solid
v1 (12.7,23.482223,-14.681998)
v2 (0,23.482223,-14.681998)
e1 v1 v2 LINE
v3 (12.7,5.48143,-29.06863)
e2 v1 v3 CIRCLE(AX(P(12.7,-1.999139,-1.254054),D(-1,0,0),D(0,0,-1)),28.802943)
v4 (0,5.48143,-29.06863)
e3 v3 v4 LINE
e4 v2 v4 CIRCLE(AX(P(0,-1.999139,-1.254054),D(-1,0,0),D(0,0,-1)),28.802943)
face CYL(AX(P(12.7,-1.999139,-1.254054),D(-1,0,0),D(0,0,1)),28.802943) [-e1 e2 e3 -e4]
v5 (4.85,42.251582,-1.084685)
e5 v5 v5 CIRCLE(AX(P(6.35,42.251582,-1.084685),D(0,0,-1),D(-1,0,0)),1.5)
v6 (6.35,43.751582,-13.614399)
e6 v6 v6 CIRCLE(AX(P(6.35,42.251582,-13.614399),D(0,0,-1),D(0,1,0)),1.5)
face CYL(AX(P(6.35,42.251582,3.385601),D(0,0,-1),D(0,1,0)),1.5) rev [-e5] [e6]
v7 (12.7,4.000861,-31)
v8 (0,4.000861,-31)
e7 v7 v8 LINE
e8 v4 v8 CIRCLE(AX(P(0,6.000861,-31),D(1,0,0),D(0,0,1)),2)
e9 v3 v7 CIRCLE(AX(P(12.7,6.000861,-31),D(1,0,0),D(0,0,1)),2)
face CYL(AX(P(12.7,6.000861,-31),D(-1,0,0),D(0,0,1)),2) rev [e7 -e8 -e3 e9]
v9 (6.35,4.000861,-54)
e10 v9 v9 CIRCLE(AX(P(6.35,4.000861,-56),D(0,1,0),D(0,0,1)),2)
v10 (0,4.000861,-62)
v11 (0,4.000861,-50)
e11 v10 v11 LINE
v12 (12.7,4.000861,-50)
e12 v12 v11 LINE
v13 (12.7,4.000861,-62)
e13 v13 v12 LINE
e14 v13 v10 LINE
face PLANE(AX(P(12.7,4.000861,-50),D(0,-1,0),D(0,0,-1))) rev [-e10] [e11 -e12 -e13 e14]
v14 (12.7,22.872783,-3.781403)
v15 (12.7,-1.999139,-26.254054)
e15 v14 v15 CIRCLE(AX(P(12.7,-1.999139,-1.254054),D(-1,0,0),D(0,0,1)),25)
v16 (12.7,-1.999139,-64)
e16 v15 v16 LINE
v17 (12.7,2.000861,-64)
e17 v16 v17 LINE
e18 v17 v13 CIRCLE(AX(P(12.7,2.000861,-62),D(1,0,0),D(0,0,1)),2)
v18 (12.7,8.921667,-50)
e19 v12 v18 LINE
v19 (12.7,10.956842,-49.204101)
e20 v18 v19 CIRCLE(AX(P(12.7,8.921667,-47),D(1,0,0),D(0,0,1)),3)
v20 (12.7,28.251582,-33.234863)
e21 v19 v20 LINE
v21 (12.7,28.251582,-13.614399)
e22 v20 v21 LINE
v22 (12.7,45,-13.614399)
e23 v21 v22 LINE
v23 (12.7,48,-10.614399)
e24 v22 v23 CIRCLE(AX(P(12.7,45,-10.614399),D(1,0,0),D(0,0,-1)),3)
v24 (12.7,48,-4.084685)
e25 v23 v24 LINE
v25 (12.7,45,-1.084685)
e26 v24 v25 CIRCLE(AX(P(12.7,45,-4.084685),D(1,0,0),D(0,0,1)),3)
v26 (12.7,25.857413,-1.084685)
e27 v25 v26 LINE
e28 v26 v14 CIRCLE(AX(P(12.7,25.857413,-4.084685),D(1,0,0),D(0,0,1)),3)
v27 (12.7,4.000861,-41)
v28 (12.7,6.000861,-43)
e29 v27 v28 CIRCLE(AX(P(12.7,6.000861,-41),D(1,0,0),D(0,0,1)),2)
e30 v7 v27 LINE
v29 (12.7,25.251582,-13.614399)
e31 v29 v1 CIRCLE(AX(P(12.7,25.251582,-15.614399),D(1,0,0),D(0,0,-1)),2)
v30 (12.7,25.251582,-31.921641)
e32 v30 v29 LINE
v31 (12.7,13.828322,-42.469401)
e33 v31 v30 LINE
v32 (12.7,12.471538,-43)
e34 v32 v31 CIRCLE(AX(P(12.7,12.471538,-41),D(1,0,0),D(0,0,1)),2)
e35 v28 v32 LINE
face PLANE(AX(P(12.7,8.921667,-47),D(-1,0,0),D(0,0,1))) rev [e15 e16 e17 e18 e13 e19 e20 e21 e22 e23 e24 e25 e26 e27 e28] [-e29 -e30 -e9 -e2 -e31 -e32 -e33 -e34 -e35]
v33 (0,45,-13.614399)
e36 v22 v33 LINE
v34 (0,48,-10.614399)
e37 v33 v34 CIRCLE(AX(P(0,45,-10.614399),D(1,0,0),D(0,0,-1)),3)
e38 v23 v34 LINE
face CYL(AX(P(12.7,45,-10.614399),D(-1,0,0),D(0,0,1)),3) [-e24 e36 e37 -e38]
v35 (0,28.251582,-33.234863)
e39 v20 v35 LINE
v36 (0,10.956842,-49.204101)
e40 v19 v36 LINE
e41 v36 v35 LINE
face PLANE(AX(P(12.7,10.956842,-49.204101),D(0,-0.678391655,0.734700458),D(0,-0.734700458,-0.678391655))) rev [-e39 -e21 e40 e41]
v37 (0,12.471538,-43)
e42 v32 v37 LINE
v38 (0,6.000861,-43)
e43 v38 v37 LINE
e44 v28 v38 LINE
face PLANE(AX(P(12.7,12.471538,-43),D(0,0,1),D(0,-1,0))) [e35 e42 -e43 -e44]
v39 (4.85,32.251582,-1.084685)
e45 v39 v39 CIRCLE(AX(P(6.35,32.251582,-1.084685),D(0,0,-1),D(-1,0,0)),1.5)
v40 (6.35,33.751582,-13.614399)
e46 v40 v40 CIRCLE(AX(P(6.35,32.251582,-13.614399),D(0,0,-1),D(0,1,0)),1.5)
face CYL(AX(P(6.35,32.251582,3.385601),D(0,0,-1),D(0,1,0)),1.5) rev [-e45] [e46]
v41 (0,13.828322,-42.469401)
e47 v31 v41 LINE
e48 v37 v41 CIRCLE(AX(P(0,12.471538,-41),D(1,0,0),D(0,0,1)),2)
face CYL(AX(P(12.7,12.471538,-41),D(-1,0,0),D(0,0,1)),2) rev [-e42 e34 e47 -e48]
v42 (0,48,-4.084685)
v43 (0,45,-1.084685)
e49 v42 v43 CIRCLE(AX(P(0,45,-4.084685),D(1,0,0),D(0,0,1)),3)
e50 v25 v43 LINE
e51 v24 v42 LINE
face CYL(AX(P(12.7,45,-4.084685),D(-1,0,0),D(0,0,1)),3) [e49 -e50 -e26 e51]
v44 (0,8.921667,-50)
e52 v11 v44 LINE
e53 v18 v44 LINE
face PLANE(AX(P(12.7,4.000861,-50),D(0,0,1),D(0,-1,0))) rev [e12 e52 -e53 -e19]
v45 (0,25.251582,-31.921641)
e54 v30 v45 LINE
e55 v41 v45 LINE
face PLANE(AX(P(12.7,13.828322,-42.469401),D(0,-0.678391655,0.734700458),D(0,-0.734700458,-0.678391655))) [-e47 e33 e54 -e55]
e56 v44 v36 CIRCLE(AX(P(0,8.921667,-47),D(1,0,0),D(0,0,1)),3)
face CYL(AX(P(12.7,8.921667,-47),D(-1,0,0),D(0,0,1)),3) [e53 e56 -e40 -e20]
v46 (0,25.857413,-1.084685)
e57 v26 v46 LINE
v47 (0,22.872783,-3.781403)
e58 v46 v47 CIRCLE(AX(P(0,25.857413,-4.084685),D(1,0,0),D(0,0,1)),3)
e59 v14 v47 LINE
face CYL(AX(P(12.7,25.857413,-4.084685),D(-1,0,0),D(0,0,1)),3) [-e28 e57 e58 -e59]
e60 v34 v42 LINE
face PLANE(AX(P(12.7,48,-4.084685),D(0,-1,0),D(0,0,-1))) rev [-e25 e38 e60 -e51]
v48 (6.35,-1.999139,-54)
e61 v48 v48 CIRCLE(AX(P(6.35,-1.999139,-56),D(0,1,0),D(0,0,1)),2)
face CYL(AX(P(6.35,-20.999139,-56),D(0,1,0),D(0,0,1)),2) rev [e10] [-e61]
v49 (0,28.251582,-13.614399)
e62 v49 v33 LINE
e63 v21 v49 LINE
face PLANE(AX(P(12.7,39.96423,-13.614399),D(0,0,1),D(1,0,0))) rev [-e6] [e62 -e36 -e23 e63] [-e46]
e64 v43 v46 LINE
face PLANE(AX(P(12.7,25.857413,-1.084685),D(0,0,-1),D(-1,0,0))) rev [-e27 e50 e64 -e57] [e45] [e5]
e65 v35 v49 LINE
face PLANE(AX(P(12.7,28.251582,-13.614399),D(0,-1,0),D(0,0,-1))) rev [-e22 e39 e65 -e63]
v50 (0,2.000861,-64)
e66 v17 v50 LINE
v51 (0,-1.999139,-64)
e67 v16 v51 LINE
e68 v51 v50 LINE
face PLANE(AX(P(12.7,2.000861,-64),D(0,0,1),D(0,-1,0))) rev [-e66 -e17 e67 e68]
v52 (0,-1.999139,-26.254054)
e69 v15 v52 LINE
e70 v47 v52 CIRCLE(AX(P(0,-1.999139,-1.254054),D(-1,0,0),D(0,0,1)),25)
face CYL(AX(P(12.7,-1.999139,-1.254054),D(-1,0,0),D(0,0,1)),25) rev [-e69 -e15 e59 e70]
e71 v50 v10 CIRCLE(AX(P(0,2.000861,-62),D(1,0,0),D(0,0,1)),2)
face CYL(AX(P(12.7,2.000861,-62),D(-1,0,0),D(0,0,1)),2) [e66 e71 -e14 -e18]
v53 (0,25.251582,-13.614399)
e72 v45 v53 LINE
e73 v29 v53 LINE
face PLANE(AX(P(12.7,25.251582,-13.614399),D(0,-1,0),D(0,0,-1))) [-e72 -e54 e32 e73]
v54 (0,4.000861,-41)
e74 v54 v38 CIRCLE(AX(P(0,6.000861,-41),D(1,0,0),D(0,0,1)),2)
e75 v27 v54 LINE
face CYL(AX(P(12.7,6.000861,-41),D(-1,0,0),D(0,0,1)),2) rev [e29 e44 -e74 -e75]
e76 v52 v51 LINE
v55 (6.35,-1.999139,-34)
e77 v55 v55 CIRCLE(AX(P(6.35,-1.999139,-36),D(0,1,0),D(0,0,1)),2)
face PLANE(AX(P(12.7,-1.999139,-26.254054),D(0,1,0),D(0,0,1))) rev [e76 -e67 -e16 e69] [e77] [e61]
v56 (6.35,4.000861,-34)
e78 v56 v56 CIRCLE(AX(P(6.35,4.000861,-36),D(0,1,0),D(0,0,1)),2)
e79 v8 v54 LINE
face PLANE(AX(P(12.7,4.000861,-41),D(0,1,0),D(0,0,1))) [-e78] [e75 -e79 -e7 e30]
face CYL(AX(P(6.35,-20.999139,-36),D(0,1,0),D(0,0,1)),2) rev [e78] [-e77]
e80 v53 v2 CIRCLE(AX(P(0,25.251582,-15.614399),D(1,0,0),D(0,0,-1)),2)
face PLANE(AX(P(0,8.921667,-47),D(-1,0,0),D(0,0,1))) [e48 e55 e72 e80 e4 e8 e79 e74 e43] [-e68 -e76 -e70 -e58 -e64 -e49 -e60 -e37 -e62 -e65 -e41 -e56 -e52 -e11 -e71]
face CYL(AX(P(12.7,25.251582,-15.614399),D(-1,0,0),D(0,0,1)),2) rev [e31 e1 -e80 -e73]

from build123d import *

# Parameters (mm, degrees)
BOSS_EXTRUDE2_DEPTH   = 12.7
CROQUIS3_R            = 2
CORTAR_EXTRUIR2_DEPTH = 25
CROQUIS5_R            = 1.5
CORTAR_EXTRUIR3_DEPTH = 17


with BuildPart() as part:
    # Sketch1 → Boss-Extrude2 (new body)
    with BuildSketch(Plane(origin=(0, 0, 0), x_dir=(0, 0, -1), z_dir=(1, 0, 0))):
        with BuildLine():
            Line((49.204101374, 10.956842444), (33.23486306, 28.251581588))
            Line((33.23486306, 28.251581588), (13.61439919, 28.251581588))
            Line((13.61439919, 28.251581588), (13.61439919, 39.964229912))
            Line((13.61439919, 39.964229912), (13.61439919, 45))
            ThreePointArc((13.61439919, 45), (12.735719533, 47.121320344), (10.61439919, 48))
            Line((10.61439919, 48), (4.084684606, 48))
            ThreePointArc((4.084684606, 48), (1.963364263, 47.121320344), (1.084684606, 45))
            Line((1.084684606, 45), (1.084684606, 25.857413306))
            ThreePointArc((1.084684606, 25.857413306), (1.858719017, 23.846175579), (3.781402736, 22.872782658))
            ThreePointArc((3.781402736, 22.872782658), (19.803767064, 14.76117498), (26.254053819, -1.999139412))
            Line((26.254053819, -1.999139412), (64, -1.999139412))
            Line((64, -1.999139412), (64, 2.000860588))
            ThreePointArc((64, 2.000860588), (63.414213562, 3.41507415), (62, 4.000860588))
            Line((62, 4.000860588), (50, 4.000860588))
            Line((50, 4.000860588), (50, 8.921667481))
            ThreePointArc((50, 8.921667481), (49.793949187, 10.014300969), (49.204101374, 10.956842444))
        make_face()
        with BuildLine():
            Line((42.469400916, 13.828321623), (31.921640745, 25.251581588))
            Line((31.921640745, 25.251581588), (13.61439919, 25.251581588))
            ThreePointArc((13.61439919, 25.251581588), (13.901973758, 24.218334695), (14.681998331, 23.482223332))
            ThreePointArc((14.681998331, 23.482223332), (23.753909667, 15.98324163), (29.068629616, 5.481429706))
            ThreePointArc((29.068629616, 5.481429706), (29.78321361, 4.413589067), (31, 4.000860588))
            Line((31, 4.000860588), (41, 4.000860588))
            ThreePointArc((41, 4.000860588), (42.414213562, 4.586647025), (43, 6.000860588))
            Line((43, 6.000860588), (43, 12.471538314))
            ThreePointArc((43, 12.471538314), (42.862632792, 13.199960639), (42.469400916, 13.828321623))
        make_face(mode=Mode.SUBTRACT)
    extrude(amount=BOSS_EXTRUDE2_DEPTH)

    # Croquis3 → Cortar-Extruir2 (cut)
    with BuildSketch(Plane(origin=(0, 4.000860588, 0), x_dir=(1, 0, 0), z_dir=(0, 1, 0))):
        with Locations(Location((6.35, 56, 0), (0, 0, 270))):
            Circle(CROQUIS3_R)
        with Locations(Location((6.35, 36, 0), (0, 0, 270))):
            Circle(CROQUIS3_R)
    extrude(amount=-CORTAR_EXTRUIR2_DEPTH, mode=Mode.SUBTRACT)

    # Croquis5 → Cortar-Extruir3 (cut)
    with BuildSketch(Plane(origin=(0, 0, -13.61439919), x_dir=(-1, 0, 0), z_dir=(0, 0, -1))):
        with Locations(Location((-6.35, 32.251581588, 0), (0, 0, 90))):
            Circle(CROQUIS5_R)
        with Locations(Location((-6.35, 42.251581588, 0), (0, 0, 90))):
            Circle(CROQUIS5_R)
    extrude(amount=-CORTAR_EXTRUIR3_DEPTH, mode=Mode.SUBTRACT)


solid = part.part
